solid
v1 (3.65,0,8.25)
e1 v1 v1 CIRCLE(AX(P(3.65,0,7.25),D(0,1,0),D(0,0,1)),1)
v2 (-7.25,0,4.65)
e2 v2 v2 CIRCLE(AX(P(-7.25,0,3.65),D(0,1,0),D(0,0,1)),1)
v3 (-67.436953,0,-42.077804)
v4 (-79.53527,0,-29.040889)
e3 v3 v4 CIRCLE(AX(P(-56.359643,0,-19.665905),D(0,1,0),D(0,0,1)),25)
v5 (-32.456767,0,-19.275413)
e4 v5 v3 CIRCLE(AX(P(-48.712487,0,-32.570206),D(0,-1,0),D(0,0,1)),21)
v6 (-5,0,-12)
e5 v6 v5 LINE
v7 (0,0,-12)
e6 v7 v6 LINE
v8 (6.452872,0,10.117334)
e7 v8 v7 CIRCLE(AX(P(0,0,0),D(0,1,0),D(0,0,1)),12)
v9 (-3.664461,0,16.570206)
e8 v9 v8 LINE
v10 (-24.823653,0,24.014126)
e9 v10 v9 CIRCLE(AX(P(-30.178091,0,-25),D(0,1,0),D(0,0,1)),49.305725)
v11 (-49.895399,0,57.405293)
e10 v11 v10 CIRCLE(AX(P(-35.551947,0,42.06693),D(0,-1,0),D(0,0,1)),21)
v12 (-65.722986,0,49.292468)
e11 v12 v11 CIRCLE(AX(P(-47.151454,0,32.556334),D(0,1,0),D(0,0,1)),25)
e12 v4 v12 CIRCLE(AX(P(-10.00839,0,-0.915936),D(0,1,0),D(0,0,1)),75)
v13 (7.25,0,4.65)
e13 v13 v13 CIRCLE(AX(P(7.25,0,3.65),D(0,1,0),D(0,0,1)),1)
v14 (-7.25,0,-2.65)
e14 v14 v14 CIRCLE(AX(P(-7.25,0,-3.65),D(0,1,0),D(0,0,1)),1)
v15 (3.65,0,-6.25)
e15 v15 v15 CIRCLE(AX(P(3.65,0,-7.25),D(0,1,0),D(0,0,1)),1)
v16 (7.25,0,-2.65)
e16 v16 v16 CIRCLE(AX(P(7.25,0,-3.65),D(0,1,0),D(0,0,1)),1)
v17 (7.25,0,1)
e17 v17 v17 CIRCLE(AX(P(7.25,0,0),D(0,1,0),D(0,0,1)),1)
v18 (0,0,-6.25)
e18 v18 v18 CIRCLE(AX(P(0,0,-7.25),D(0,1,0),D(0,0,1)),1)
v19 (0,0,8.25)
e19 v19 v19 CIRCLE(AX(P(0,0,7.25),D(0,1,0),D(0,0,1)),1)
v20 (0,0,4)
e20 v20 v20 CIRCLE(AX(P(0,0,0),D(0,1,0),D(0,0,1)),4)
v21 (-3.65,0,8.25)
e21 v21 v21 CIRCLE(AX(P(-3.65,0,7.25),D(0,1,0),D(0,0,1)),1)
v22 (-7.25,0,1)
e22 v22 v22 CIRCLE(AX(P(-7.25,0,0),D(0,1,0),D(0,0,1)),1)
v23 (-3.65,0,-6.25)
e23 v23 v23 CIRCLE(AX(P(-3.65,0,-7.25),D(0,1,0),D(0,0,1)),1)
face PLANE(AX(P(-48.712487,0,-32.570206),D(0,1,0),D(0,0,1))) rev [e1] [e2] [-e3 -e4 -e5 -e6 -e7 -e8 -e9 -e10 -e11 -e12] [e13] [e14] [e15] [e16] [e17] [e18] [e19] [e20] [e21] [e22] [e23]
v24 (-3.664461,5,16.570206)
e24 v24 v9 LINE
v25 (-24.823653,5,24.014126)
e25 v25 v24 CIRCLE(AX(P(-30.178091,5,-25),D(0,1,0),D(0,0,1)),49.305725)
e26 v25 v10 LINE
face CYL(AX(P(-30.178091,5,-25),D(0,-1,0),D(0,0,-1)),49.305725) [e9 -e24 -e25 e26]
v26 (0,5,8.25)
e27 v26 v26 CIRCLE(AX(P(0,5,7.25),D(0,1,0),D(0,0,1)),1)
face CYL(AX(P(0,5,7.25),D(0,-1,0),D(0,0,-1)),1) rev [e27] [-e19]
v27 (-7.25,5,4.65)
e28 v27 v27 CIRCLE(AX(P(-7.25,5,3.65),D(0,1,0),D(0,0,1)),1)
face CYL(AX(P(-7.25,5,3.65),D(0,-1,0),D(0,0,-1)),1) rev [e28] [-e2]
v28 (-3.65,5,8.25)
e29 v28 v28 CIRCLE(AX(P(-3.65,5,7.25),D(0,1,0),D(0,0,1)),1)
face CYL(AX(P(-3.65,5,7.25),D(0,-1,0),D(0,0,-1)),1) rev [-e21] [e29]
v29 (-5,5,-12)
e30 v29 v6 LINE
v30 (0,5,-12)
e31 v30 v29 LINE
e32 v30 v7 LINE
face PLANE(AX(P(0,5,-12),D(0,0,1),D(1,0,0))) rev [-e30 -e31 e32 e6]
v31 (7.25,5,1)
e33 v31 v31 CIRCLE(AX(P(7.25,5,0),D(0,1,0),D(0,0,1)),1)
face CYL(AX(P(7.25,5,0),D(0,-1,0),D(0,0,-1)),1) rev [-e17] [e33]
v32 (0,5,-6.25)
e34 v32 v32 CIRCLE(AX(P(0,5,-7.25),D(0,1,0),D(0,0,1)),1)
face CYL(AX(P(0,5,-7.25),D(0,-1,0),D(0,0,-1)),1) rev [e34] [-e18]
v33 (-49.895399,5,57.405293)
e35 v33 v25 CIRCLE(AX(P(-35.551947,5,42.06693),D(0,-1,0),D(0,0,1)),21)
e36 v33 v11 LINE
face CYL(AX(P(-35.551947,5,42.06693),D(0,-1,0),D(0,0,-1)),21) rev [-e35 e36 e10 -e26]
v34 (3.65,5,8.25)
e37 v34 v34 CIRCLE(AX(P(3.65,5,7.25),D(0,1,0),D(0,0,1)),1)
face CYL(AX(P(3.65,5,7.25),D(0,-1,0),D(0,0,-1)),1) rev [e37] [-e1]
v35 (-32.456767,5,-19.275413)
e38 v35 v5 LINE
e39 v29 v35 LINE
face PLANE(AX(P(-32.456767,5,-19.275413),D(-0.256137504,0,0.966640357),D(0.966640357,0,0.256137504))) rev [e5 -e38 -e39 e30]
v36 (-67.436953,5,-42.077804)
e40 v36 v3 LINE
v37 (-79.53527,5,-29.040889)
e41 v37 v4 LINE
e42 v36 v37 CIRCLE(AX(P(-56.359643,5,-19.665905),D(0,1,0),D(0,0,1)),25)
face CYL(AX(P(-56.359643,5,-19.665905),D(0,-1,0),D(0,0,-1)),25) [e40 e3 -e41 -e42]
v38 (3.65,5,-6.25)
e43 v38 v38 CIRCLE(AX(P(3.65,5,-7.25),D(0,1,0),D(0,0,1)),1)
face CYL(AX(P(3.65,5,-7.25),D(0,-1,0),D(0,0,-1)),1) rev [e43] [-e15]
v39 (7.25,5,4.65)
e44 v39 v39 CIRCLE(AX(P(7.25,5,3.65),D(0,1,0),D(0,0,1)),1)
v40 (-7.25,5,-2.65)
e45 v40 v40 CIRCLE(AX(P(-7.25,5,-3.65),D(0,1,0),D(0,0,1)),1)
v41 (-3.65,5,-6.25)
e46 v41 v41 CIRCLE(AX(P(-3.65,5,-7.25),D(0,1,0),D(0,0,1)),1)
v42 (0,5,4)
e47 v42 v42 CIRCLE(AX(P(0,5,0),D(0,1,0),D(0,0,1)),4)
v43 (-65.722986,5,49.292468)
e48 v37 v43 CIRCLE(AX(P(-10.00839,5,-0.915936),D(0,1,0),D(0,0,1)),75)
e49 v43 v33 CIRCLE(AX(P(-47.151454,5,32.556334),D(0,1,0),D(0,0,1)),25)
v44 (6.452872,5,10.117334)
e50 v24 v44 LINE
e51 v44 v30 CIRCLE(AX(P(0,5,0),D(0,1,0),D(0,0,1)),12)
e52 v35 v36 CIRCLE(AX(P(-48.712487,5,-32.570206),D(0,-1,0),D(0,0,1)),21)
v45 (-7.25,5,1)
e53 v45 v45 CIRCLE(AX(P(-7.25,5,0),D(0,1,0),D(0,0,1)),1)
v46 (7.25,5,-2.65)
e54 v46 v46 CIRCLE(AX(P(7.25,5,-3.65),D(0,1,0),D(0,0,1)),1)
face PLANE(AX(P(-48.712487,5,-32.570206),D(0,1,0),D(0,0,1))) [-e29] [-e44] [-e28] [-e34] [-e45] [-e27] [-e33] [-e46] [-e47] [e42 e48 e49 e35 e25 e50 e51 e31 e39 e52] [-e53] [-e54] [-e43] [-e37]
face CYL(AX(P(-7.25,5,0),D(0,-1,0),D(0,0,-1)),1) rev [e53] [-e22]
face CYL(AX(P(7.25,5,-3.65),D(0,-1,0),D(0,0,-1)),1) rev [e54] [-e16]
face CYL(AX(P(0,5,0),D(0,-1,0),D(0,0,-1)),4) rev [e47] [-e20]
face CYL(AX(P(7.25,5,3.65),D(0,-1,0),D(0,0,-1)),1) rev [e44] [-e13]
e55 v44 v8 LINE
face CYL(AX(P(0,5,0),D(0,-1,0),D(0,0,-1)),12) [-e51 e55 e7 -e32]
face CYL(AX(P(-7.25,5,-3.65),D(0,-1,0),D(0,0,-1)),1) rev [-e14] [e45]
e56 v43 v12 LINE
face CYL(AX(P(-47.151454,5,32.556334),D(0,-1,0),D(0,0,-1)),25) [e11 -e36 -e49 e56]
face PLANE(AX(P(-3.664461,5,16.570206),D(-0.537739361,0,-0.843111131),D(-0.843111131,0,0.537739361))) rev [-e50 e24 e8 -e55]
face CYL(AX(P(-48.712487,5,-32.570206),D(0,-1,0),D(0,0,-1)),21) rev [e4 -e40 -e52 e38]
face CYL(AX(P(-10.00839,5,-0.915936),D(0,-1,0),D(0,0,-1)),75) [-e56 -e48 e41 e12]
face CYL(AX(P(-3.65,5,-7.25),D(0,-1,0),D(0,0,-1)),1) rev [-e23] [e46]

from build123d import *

# Parameters (mm, degrees)
ESQUISSE1_R        = 4
ESQUISSE1_R_2      = 1
BOSS_EXTRU_1_DEPTH = 5


with BuildPart() as part:
    # Esquisse1 → Boss.-Extru.1 (new body)
    with BuildSketch(Plane(origin=(0, 0, 0), x_dir=(1, 0, 0), z_dir=(0, 1, 0))):
        with BuildLine():
            Line((-32.45676656, 19.27541283), (-5, 12))
            Line((-5, 12), (0, 12))
            ThreePointArc((0, 12), (11.519722281, 3.360952031), (6.452872334, -10.117333574))
            Line((6.452872334, -10.117333574), (-3.66446124, -16.570205908))
            ThreePointArc((-3.66446124, -16.570205908), (-13.815132068, -21.511376537), (-24.82365287, -24.014126066))
            ThreePointArc((-24.82365287, -24.014126066), (-52.345095334, -29.457799684), (-49.895398662, -57.405292665))
            ThreePointArc((-49.895398662, -57.405292665), (-58.555043799, -54.803988162), (-65.722985518, -49.292468357))
            ThreePointArc((-65.722985518, -49.292468357), (-83.868971565, -12.107677443), (-79.535269898, 29.040888933))
            ThreePointArc((-79.535269898, 29.040888933), (-74.684658752, 36.671603877), (-67.436952657, 42.077803594))
            ThreePointArc((-67.436952657, 42.077803594), (-60.180308988, 14.977905063), (-32.45676656, 19.27541283))
        make_face()
        with Locations(Location((0, 0, 0), (0, 0, 270))):
            Circle(ESQUISSE1_R, mode=Mode.SUBTRACT)
        with Locations(Location((7.25, -3.65, 0), (0, 0, 270))):
            Circle(ESQUISSE1_R_2, mode=Mode.SUBTRACT)
        with Locations(Location((7.25, 0, 0), (0, 0, 270))):
            Circle(ESQUISSE1_R_2, mode=Mode.SUBTRACT)
        with Locations(Location((7.25, 3.65, 0), (0, 0, 270))):
            Circle(ESQUISSE1_R_2, mode=Mode.SUBTRACT)
        with Locations(Location((3.65, -7.25, 0), (0, 0, 270))):
            Circle(ESQUISSE1_R_2, mode=Mode.SUBTRACT)
        with Locations(Location((0, -7.25, 0), (0, 0, 270))):
            Circle(ESQUISSE1_R_2, mode=Mode.SUBTRACT)
        with Locations(Location((-3.65, -7.25, 0), (0, 0, 270))):
            Circle(ESQUISSE1_R_2, mode=Mode.SUBTRACT)
        with Locations(Location((-7.25, -3.65, 0), (0, 0, 270))):
            Circle(ESQUISSE1_R_2, mode=Mode.SUBTRACT)
        with Locations(Location((-7.25, 0, 0), (0, 0, 270))):
            Circle(ESQUISSE1_R_2, mode=Mode.SUBTRACT)
        with Locations(Location((-7.25, 3.65, 0), (0, 0, 270))):
            Circle(ESQUISSE1_R_2, mode=Mode.SUBTRACT)
        with Locations(Location((-3.65, 7.25, 0), (0, 0, 270))):
            Circle(ESQUISSE1_R_2, mode=Mode.SUBTRACT)
        with Locations(Location((0, 7.25, 0), (0, 0, 270))):
            Circle(ESQUISSE1_R_2, mode=Mode.SUBTRACT)
        with Locations(Location((3.65, 7.25, 0), (0, 0, 270))):
            Circle(ESQUISSE1_R_2, mode=Mode.SUBTRACT)
    extrude(amount=BOSS_EXTRU_1_DEPTH)


solid = part.part
